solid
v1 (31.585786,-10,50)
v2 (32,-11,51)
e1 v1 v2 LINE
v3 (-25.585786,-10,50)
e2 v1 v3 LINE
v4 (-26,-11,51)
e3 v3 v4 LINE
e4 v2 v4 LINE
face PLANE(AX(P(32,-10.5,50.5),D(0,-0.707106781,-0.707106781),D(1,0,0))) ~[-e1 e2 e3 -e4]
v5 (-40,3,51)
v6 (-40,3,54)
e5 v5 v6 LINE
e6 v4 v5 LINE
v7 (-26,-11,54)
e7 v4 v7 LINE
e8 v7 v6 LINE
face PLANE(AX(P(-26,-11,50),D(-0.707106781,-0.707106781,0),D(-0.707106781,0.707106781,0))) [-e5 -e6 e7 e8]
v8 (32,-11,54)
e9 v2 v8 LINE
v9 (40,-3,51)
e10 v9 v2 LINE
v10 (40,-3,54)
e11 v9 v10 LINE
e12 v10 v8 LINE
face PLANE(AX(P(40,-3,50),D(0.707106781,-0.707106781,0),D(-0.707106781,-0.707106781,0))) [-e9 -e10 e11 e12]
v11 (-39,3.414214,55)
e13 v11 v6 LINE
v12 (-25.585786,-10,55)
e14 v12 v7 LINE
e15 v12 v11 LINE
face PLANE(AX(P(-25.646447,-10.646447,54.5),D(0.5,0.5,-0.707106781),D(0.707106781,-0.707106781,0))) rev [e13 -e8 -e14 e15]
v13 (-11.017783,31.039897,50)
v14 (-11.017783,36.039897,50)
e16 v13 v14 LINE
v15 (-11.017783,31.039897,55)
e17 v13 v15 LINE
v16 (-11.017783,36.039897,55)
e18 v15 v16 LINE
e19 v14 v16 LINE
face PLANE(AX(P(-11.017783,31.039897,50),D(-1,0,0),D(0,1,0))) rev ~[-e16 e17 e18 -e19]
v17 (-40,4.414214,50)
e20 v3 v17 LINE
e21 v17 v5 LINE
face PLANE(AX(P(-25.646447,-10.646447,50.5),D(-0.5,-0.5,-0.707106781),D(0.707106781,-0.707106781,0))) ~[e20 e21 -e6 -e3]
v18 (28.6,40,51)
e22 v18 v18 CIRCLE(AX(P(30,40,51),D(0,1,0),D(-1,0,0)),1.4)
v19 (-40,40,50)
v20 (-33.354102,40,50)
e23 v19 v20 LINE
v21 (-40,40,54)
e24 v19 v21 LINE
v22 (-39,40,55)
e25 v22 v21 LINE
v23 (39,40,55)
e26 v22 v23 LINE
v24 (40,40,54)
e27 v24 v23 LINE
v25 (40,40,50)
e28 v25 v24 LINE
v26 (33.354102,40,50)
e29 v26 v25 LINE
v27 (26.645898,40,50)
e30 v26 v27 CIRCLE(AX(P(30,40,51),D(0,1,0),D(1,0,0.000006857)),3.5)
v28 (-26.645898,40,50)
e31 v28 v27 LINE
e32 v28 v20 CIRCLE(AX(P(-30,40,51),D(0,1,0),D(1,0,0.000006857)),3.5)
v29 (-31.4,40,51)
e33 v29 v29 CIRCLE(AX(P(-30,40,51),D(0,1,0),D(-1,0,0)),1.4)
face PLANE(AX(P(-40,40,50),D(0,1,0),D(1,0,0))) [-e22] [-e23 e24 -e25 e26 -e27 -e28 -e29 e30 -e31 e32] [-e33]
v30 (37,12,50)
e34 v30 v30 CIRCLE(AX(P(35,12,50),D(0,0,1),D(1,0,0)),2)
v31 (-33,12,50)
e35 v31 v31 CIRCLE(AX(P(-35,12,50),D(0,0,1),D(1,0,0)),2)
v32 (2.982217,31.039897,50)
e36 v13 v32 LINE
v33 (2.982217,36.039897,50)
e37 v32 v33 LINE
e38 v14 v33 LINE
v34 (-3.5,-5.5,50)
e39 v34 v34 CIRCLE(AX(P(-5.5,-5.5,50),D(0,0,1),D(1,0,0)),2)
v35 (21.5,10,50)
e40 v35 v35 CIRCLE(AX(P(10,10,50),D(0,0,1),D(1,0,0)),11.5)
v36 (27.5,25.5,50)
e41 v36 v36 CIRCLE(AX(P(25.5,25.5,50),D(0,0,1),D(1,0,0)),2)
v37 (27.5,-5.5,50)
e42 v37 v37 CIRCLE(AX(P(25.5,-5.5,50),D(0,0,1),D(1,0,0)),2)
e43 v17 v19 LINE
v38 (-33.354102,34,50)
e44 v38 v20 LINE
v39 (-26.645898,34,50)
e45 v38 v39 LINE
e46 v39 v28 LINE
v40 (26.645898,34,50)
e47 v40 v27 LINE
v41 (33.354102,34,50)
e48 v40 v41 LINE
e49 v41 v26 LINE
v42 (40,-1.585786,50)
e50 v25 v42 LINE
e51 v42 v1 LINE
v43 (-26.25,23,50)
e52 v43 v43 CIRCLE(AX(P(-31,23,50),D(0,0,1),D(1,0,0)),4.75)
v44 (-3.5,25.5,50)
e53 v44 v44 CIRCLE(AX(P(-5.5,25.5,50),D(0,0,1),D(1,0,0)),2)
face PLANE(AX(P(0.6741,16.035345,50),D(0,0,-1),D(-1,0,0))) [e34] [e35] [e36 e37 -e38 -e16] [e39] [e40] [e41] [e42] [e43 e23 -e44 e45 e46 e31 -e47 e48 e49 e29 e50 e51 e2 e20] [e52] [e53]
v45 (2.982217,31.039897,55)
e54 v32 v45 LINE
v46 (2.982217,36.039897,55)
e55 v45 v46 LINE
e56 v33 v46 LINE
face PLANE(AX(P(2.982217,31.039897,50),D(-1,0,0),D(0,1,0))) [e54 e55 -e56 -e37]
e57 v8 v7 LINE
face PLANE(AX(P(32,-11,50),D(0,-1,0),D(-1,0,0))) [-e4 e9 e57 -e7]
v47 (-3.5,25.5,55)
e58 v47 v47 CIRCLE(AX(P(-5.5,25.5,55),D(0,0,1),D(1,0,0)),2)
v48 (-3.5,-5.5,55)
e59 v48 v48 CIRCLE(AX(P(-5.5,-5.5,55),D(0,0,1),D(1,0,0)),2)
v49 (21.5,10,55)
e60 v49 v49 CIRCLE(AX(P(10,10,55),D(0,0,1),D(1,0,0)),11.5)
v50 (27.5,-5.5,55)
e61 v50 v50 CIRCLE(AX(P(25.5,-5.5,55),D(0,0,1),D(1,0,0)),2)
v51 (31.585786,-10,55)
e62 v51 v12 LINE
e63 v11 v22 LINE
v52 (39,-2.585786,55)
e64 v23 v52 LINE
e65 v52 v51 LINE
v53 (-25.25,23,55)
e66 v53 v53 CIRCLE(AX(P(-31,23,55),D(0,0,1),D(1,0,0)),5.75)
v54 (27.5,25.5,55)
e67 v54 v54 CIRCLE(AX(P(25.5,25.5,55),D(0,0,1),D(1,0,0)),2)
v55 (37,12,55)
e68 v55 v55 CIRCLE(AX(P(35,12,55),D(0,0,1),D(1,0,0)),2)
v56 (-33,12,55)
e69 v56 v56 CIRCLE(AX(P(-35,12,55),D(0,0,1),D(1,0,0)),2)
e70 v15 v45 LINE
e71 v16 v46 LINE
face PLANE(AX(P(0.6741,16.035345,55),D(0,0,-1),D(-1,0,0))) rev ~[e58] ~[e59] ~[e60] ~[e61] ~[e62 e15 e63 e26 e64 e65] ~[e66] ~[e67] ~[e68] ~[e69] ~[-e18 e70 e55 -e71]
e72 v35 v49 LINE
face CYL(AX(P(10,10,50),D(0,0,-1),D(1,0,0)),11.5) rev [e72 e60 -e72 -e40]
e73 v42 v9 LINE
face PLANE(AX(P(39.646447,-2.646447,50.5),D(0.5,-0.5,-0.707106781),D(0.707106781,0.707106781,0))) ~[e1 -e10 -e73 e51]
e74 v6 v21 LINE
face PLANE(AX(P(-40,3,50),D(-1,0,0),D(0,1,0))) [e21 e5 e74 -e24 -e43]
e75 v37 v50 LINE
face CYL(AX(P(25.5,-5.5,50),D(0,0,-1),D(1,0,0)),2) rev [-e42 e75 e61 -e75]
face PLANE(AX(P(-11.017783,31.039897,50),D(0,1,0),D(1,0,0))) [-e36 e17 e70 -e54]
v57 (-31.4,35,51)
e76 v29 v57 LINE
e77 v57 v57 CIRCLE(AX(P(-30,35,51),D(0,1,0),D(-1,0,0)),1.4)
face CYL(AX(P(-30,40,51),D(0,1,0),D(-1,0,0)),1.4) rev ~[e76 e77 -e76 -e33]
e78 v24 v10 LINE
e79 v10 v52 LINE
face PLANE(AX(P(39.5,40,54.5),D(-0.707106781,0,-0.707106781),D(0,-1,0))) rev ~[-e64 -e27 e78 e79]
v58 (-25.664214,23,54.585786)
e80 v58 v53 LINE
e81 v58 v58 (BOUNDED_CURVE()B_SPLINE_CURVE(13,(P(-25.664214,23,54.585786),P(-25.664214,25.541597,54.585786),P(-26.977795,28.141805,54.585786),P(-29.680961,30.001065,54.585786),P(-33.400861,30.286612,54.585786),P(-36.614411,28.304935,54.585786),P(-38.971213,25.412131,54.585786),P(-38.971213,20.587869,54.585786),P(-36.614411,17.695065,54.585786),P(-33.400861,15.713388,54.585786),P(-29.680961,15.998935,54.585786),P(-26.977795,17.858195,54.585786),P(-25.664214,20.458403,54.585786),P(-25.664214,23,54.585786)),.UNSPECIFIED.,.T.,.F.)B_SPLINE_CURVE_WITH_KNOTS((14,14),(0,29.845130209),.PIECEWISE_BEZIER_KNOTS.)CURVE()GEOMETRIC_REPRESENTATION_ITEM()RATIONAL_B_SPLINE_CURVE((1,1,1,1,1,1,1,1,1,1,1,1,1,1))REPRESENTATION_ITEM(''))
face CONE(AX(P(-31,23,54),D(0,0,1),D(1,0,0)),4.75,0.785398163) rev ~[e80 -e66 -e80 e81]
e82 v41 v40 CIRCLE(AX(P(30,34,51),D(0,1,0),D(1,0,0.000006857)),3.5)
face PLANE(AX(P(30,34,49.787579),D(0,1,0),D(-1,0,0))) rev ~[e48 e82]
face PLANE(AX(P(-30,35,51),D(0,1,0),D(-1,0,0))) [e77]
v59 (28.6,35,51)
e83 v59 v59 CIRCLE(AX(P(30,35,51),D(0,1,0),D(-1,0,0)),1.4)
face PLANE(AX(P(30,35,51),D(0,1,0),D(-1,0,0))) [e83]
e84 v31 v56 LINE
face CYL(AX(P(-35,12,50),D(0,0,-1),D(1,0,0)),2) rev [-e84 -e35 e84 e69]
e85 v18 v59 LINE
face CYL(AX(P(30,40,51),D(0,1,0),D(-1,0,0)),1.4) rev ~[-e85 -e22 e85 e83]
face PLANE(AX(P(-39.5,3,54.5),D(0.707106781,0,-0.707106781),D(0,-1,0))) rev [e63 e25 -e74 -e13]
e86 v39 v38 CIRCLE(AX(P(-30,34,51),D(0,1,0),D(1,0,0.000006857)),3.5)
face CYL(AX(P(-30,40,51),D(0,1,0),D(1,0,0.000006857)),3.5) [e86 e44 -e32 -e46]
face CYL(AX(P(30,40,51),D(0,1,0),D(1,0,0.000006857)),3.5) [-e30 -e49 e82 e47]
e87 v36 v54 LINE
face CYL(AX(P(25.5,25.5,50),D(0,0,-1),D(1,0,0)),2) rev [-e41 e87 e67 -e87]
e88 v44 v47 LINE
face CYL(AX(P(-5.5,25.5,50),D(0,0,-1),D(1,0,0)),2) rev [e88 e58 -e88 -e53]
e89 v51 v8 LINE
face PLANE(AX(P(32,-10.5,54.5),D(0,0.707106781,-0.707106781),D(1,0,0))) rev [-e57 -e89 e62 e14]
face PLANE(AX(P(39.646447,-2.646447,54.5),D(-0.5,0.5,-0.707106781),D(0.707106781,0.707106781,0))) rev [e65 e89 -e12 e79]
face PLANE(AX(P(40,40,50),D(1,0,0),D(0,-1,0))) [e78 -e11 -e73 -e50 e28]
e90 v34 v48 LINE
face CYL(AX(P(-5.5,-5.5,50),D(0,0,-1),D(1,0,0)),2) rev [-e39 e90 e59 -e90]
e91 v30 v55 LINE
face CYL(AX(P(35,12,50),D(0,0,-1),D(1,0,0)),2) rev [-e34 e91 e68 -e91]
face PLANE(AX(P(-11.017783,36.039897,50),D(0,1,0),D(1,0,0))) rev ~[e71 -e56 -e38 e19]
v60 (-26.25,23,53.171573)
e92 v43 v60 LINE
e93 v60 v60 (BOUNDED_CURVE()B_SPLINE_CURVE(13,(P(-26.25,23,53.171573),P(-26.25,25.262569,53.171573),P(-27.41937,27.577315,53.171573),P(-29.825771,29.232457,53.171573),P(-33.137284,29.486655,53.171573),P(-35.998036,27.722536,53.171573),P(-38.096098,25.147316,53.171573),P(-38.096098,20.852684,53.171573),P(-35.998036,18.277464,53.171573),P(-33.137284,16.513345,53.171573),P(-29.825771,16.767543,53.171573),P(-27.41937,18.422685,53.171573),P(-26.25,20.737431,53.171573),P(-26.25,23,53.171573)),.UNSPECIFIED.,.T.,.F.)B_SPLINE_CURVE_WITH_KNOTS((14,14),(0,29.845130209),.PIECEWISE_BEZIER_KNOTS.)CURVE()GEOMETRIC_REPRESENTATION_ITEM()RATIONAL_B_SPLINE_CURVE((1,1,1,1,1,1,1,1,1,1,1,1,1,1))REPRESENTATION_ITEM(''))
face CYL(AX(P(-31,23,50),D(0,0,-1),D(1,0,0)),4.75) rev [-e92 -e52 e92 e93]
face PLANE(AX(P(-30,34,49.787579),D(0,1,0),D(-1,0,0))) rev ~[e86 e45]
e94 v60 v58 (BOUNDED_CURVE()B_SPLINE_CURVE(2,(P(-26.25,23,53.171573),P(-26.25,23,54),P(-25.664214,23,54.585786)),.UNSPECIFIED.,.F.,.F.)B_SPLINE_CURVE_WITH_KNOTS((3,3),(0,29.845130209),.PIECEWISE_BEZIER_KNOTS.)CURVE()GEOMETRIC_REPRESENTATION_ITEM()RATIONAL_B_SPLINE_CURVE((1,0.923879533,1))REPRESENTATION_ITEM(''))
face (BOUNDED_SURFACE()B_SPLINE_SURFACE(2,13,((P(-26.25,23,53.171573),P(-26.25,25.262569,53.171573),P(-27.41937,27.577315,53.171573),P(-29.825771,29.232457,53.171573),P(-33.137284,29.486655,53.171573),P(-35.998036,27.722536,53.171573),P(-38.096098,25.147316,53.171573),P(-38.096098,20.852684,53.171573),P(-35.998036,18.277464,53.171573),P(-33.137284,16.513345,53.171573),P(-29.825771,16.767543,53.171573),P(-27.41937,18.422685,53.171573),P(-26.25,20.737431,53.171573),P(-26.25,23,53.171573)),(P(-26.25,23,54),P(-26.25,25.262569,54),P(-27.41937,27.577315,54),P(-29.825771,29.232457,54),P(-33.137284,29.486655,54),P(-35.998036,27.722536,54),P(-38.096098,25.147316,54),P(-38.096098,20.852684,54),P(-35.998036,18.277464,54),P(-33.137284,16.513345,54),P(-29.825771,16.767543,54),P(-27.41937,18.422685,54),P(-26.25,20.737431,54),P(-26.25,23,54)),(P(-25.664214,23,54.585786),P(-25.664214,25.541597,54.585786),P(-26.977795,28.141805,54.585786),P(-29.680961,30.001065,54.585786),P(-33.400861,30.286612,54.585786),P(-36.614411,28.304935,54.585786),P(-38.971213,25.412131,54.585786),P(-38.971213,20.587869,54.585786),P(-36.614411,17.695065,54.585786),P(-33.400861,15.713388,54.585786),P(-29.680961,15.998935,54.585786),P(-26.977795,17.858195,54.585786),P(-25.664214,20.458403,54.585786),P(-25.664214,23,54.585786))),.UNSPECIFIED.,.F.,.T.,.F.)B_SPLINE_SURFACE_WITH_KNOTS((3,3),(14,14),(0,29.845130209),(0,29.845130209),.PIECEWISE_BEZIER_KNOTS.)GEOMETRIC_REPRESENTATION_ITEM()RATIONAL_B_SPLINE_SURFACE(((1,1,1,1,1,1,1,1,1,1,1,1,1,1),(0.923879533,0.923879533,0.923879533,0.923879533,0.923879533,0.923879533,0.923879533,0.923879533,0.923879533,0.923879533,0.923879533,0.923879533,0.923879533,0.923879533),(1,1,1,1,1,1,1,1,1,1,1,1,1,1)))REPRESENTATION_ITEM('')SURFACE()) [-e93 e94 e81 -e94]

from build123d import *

# Parameters (mm, degrees)
SKETCH003_R     = 11.5
SKETCH003_R_2   = 2
SKETCH003_R_3   = 4.75
SKETCH003_W     = 14
SKETCH003_H     = 5
PAD001_DEPTH    = 5
PAD013_DEPTH    = 6
SKETCH048_R     = 1.4
POCKET038_DEPTH = 5
CHAMFER019_SIZE = 1
CHAMFER020_SIZE = 1
CHAMFER021_SIZE = 1
FILLET_R        = 2


with BuildPart() as part:
    # Sketch003 → Pad001 (new body)
    with BuildSketch(Plane.XY):
        Polygon((-40, 40), (40, 40), (40, -3), (32, -11), (-26, -11), (-40, 3), align=None)
        with Locations((10, 10)):
            Circle(SKETCH003_R, mode=Mode.SUBTRACT)
        with Locations((-35, 12)):
            Circle(SKETCH003_R_2, mode=Mode.SUBTRACT)
        with Locations((35, 12)):
            Circle(SKETCH003_R_2, mode=Mode.SUBTRACT)
        with Locations((25.5, -5.5)):
            Circle(SKETCH003_R_2, mode=Mode.SUBTRACT)
        with Locations((-5.5, 25.5)):
            Circle(SKETCH003_R_2, mode=Mode.SUBTRACT)
        with Locations((-31, 23)):
            Circle(SKETCH003_R_3, mode=Mode.SUBTRACT)
        with Locations((25.5, 25.5)):
            Circle(SKETCH003_R_2, mode=Mode.SUBTRACT)
        with Locations((-5.5, -5.5)):
            Circle(SKETCH003_R_2, mode=Mode.SUBTRACT)
        with Locations((-4.017783, 33.539897)):
            Rectangle(SKETCH003_W, SKETCH003_H, mode=Mode.SUBTRACT)
    extrude(amount=PAD001_DEPTH)

    # Sketch047 → Pad013 (join)
    with BuildSketch(Plane(origin=(0, 40, 0), x_dir=(-1, 0, 0), z_dir=(0, 1, 0))):
        with BuildLine():
            ThreePointArc((-33.5, 1.000024), (-30, -2.5), (-26.5, 1.000024))
            Line((-33.5, 1.000024), (-26.5, 1.000024))
        make_face()
        with BuildLine():
            ThreePointArc((26.5, 1.000024), (30, -2.5), (33.5, 1.000024))
            Line((26.5, 1.000024), (33.5, 1.000024))
        make_face()
    extrude(amount=-PAD013_DEPTH)

    # Sketch048 → Pocket038 (cut)
    with BuildSketch(Plane(origin=(0, 40, 0), x_dir=(-1, 0, 0), z_dir=(0, 1, 0))):
        with Locations((-30, 1)):
            Circle(SKETCH048_R)
        with Locations((30, 1)):
            Circle(SKETCH048_R)
    extrude(amount=-POCKET038_DEPTH, mode=Mode.SUBTRACT)

    # Chamfer019
    chamfer019_edges = [part.edges().sort_by_distance(p)[0] for p in [
        (40, 18.5, 5),
        (-40, 21.5, 5),
        (-33, -4, 5),
        (3, -11, 5),
        (36, -7, 5),
    ]]
    chamfer(chamfer019_edges, length=CHAMFER019_SIZE)

    # Chamfer020
    chamfer020_edges = [part.edges().sort_by_distance(p)[0] for p in [
        (36, -7, 0),
        (3, -11, 0),
        (-33, -4, 0),
    ]]
    chamfer(chamfer020_edges, length=CHAMFER020_SIZE)

    # Chamfer021
    chamfer021_edges = [part.edges().sort_by_distance(p)[0] for p in [
        (-35.75, 23, 5),
    ]]
    chamfer(chamfer021_edges, length=CHAMFER021_SIZE)

    # Fillet
    fillet_edges = [part.edges().sort_by_distance(p)[0] for p in [
        (-35.75, 23, 4),
    ]]
    fillet(fillet_edges, radius=FILLET_R)


with BuildPart() as part_1:
    # Body001 placement: moved
    add(part.part.moved(Location((0, 0, 50))))


solid = part_1.part
